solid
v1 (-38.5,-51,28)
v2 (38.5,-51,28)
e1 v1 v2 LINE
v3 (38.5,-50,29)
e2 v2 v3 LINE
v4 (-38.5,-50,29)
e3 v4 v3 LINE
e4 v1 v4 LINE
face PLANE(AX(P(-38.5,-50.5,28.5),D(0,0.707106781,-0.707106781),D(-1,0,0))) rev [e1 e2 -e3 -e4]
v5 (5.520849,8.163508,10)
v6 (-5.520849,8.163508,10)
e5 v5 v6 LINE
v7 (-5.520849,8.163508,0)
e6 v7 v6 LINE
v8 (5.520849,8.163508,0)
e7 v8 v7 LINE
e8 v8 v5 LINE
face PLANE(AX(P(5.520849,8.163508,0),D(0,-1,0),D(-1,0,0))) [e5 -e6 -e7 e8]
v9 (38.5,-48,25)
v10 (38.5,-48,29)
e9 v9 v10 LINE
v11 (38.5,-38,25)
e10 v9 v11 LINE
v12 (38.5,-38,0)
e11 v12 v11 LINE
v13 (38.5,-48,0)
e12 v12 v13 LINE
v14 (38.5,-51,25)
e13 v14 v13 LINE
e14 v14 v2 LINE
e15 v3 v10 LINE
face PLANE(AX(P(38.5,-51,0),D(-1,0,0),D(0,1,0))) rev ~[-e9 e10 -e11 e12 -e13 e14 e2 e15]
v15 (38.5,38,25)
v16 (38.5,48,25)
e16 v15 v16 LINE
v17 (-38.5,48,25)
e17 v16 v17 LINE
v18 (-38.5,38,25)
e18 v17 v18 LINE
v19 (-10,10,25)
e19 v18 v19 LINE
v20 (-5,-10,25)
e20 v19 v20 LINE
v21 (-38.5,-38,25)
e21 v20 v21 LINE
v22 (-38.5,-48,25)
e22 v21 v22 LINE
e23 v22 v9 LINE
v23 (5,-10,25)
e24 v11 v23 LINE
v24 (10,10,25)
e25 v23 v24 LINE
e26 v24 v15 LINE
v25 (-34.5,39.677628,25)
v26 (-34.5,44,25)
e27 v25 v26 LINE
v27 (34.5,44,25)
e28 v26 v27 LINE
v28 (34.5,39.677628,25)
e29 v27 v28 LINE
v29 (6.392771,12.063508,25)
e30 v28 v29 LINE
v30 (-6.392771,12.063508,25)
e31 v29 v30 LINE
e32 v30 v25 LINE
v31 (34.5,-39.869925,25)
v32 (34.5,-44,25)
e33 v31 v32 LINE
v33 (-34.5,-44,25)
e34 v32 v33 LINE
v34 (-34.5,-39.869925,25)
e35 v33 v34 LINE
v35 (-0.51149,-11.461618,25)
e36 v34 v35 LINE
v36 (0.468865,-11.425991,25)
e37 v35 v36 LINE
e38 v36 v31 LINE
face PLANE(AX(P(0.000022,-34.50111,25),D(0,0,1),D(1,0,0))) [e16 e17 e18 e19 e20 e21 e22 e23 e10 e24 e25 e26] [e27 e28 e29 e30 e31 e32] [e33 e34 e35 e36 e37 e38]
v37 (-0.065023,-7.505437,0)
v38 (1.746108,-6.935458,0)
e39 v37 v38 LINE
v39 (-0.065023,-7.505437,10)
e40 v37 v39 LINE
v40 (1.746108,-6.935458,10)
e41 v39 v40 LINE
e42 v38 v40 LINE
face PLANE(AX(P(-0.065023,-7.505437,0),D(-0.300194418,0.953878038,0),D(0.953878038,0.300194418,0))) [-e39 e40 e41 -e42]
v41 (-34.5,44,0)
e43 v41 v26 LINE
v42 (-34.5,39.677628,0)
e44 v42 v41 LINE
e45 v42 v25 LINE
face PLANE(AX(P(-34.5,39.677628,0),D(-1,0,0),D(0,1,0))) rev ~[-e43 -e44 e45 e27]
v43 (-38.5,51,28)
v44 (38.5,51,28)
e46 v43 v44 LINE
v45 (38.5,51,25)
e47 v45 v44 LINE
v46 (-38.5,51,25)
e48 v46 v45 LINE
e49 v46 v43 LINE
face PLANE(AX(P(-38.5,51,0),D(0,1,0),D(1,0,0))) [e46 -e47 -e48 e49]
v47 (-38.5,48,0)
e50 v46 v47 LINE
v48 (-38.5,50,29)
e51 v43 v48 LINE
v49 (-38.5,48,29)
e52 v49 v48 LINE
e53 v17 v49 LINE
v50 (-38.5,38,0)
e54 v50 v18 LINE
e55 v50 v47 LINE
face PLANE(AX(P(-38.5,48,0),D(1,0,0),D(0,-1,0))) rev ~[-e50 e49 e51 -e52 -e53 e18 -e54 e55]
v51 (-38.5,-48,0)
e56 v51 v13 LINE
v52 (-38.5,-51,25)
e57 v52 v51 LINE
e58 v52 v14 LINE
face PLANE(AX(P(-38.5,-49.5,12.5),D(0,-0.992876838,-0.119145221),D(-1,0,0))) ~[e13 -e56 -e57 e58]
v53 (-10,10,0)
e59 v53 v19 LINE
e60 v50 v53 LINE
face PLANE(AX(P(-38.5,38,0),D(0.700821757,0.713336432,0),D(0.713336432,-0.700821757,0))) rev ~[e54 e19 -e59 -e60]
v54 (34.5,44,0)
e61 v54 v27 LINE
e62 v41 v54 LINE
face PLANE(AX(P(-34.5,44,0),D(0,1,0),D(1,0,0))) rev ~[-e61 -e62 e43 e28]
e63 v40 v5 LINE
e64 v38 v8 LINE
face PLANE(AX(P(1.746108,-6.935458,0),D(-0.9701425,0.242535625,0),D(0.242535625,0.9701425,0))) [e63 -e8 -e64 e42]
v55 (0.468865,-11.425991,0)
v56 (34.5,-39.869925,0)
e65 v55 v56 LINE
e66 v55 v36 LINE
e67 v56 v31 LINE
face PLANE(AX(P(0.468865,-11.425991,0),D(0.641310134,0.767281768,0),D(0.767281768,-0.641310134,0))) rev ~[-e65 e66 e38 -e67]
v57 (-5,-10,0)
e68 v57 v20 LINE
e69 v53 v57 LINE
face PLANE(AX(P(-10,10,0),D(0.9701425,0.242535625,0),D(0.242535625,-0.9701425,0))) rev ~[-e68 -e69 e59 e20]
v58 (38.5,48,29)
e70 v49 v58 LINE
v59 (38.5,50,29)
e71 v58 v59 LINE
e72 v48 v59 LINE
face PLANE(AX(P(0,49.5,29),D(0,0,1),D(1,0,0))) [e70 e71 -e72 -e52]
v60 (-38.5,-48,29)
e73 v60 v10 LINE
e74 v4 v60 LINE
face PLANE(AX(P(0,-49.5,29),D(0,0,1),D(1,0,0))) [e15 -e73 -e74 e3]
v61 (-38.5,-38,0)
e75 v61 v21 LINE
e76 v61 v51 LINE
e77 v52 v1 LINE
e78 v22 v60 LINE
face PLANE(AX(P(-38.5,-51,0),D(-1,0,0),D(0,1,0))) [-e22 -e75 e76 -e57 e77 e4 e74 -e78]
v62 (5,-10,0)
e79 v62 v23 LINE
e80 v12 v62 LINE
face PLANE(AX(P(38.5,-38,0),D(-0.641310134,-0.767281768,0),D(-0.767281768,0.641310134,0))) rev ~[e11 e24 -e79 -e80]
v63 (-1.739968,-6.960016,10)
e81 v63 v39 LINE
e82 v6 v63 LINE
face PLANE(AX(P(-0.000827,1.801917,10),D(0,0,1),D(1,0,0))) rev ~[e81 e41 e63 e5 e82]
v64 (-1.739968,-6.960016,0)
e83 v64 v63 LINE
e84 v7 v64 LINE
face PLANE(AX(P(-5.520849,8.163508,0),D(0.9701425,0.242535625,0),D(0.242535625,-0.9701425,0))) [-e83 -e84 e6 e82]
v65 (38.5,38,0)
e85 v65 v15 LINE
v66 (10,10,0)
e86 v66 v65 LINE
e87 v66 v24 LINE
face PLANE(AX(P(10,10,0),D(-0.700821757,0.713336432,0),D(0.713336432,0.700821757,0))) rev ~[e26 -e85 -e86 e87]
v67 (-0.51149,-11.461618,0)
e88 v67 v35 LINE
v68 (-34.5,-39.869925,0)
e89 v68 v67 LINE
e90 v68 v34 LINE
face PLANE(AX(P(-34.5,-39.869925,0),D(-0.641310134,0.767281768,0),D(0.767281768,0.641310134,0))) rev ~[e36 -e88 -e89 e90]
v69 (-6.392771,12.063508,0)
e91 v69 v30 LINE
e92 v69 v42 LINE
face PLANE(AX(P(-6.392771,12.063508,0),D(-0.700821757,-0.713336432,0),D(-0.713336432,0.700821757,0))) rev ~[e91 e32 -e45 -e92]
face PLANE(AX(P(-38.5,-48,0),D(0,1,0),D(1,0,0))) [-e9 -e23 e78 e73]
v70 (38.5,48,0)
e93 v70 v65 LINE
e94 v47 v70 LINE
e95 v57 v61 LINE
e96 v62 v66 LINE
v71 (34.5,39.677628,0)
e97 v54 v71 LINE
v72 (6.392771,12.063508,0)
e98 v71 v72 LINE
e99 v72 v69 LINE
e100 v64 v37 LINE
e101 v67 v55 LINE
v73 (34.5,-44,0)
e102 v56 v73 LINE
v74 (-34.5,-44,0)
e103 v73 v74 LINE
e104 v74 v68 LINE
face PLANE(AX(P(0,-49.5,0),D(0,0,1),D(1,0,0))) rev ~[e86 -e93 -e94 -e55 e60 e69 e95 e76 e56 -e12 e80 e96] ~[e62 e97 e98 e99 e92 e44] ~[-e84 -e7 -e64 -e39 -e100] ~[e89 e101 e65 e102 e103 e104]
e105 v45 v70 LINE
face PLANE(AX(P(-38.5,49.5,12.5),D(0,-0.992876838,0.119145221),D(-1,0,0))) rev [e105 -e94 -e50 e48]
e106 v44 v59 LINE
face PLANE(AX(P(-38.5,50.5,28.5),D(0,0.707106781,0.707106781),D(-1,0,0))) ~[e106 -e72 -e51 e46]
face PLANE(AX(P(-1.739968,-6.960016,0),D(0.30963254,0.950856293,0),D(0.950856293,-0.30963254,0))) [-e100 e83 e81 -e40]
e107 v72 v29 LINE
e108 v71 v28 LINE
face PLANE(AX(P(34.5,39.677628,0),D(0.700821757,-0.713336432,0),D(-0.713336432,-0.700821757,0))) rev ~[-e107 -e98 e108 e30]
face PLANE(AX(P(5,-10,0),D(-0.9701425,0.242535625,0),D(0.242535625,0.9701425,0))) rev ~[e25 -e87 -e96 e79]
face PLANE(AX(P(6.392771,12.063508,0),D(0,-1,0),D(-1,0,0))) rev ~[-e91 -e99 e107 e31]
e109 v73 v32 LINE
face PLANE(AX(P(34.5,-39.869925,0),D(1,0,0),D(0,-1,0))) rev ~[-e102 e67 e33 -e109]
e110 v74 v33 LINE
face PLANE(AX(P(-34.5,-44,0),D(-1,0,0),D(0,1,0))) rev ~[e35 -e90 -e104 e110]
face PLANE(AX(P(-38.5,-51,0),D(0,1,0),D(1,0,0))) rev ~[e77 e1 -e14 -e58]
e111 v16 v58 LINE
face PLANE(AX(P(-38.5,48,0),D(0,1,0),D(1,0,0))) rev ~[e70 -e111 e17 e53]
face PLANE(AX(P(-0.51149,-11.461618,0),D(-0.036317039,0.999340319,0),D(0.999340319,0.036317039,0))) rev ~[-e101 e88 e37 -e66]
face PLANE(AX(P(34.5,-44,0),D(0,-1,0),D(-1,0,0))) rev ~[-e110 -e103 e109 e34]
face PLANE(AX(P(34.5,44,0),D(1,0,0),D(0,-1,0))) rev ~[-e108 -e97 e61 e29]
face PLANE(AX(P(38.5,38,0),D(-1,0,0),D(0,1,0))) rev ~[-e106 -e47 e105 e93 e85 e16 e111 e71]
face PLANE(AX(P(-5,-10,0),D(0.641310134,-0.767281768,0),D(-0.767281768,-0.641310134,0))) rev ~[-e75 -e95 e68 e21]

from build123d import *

# Parameters (mm, degrees)
F1_DEPTH   = 25
F2_DEPTH   = 10
F0_W       = 77
F0_H       = 3
F3_DEPTH   = 29
F4_SIZE2   = 3
F4_SIZE    = 25
F4_2_SIZE2 = 3
F4_2_SIZE  = 25
F5_SIZE    = 1


with BuildPart() as f1:
    # F0 (on Top) → F1 (new body)
    with BuildSketch(Plane.XY):
        Polygon((-38.5, -38), (-38.5, -48), (38.5, -48), (38.5, -38), (5, -10), (0.4688645929, -11.4259910617), (34.5, -39.8699251333), (34.5, -44), (-34.5, -44), (-34.5, -39.8699251333), (-0.5114898408, -11.4616181345), (-5, -10), align=None)
        Polygon((-10, 10), (-5, -10), (-0.5114898408, -11.4616181345), (0.4688645929, -11.4259910617), (5, -10), (10, 10), (6.3927714964, 12.0635084879), (-6.3927714964, 12.0635084879), align=None)
        Polygon((5.520849137, 8.1635084879), (1.7461076086, -6.9354576256), (-0.0650228365, -7.5054374638), (-1.7399680433, -6.9600158871), (-5.520849137, 8.1635084879), align=None, mode=Mode.SUBTRACT)
        Polygon((-38.5, 38), (-10, 10), (-6.3927714964, 12.0635084879), (-34.5, 39.6776277196), (-34.5, 44), (34.5, 44), (34.5, 39.6776277196), (6.3927714964, 12.0635084879), (10, 10), (38.5, 38), (38.5, 48), (-38.5, 48), align=None)
        Polygon((-0.0650228365, -7.5054374638), (1.7461076086, -6.9354576256), (5.520849137, 8.1635084879), (-5.520849137, 8.1635084879), (-1.7399680433, -6.9600158871), align=None)
    extrude(amount=F1_DEPTH)

    # F0 (on Top) → F2 (cut)
    with BuildSketch(Plane.XY):
        Polygon((-0.0650228365, -7.5054374638), (1.7461076086, -6.9354576256), (5.520849137, 8.1635084879), (-5.520849137, 8.1635084879), (-1.7399680433, -6.9600158871), align=None)
    extrude(amount=F2_DEPTH, mode=Mode.SUBTRACT)

    # F0 (on Top) → F3 (join)
    with BuildSketch(Plane.XY):
        with Locations((0, -49.5)):
            Rectangle(F0_W, F0_H)
        with Locations((0, 49.5)):
            Rectangle(F0_W, F0_H)
    extrude(amount=F3_DEPTH)

    # F4
    f4_edges = [f1.edges().sort_by_distance(p)[0] for p in [
        (0, -51, 0),
    ]]
    f4_side = f1.faces().sort_by_distance((0, -51, 14.5))[0]
    chamfer(f4_edges, length=F4_SIZE, length2=F4_SIZE2, reference=f4_side)

    # F4#2
    f4_2_edges = [f1.edges().sort_by_distance(p)[0] for p in [
        (0, 51, 0),
    ]]
    f4_2_side = f1.faces().sort_by_distance((0, 51, 14.5))[0]
    chamfer(f4_2_edges, length=F4_2_SIZE, length2=F4_2_SIZE2, reference=f4_2_side)

    # F5
    f5_edges = [f1.edges().sort_by_distance(p)[0] for p in [
        (0, -51, 29),
        (0, 51, 29),
    ]]
    chamfer(f5_edges, length=F5_SIZE)


solid = f1.part
